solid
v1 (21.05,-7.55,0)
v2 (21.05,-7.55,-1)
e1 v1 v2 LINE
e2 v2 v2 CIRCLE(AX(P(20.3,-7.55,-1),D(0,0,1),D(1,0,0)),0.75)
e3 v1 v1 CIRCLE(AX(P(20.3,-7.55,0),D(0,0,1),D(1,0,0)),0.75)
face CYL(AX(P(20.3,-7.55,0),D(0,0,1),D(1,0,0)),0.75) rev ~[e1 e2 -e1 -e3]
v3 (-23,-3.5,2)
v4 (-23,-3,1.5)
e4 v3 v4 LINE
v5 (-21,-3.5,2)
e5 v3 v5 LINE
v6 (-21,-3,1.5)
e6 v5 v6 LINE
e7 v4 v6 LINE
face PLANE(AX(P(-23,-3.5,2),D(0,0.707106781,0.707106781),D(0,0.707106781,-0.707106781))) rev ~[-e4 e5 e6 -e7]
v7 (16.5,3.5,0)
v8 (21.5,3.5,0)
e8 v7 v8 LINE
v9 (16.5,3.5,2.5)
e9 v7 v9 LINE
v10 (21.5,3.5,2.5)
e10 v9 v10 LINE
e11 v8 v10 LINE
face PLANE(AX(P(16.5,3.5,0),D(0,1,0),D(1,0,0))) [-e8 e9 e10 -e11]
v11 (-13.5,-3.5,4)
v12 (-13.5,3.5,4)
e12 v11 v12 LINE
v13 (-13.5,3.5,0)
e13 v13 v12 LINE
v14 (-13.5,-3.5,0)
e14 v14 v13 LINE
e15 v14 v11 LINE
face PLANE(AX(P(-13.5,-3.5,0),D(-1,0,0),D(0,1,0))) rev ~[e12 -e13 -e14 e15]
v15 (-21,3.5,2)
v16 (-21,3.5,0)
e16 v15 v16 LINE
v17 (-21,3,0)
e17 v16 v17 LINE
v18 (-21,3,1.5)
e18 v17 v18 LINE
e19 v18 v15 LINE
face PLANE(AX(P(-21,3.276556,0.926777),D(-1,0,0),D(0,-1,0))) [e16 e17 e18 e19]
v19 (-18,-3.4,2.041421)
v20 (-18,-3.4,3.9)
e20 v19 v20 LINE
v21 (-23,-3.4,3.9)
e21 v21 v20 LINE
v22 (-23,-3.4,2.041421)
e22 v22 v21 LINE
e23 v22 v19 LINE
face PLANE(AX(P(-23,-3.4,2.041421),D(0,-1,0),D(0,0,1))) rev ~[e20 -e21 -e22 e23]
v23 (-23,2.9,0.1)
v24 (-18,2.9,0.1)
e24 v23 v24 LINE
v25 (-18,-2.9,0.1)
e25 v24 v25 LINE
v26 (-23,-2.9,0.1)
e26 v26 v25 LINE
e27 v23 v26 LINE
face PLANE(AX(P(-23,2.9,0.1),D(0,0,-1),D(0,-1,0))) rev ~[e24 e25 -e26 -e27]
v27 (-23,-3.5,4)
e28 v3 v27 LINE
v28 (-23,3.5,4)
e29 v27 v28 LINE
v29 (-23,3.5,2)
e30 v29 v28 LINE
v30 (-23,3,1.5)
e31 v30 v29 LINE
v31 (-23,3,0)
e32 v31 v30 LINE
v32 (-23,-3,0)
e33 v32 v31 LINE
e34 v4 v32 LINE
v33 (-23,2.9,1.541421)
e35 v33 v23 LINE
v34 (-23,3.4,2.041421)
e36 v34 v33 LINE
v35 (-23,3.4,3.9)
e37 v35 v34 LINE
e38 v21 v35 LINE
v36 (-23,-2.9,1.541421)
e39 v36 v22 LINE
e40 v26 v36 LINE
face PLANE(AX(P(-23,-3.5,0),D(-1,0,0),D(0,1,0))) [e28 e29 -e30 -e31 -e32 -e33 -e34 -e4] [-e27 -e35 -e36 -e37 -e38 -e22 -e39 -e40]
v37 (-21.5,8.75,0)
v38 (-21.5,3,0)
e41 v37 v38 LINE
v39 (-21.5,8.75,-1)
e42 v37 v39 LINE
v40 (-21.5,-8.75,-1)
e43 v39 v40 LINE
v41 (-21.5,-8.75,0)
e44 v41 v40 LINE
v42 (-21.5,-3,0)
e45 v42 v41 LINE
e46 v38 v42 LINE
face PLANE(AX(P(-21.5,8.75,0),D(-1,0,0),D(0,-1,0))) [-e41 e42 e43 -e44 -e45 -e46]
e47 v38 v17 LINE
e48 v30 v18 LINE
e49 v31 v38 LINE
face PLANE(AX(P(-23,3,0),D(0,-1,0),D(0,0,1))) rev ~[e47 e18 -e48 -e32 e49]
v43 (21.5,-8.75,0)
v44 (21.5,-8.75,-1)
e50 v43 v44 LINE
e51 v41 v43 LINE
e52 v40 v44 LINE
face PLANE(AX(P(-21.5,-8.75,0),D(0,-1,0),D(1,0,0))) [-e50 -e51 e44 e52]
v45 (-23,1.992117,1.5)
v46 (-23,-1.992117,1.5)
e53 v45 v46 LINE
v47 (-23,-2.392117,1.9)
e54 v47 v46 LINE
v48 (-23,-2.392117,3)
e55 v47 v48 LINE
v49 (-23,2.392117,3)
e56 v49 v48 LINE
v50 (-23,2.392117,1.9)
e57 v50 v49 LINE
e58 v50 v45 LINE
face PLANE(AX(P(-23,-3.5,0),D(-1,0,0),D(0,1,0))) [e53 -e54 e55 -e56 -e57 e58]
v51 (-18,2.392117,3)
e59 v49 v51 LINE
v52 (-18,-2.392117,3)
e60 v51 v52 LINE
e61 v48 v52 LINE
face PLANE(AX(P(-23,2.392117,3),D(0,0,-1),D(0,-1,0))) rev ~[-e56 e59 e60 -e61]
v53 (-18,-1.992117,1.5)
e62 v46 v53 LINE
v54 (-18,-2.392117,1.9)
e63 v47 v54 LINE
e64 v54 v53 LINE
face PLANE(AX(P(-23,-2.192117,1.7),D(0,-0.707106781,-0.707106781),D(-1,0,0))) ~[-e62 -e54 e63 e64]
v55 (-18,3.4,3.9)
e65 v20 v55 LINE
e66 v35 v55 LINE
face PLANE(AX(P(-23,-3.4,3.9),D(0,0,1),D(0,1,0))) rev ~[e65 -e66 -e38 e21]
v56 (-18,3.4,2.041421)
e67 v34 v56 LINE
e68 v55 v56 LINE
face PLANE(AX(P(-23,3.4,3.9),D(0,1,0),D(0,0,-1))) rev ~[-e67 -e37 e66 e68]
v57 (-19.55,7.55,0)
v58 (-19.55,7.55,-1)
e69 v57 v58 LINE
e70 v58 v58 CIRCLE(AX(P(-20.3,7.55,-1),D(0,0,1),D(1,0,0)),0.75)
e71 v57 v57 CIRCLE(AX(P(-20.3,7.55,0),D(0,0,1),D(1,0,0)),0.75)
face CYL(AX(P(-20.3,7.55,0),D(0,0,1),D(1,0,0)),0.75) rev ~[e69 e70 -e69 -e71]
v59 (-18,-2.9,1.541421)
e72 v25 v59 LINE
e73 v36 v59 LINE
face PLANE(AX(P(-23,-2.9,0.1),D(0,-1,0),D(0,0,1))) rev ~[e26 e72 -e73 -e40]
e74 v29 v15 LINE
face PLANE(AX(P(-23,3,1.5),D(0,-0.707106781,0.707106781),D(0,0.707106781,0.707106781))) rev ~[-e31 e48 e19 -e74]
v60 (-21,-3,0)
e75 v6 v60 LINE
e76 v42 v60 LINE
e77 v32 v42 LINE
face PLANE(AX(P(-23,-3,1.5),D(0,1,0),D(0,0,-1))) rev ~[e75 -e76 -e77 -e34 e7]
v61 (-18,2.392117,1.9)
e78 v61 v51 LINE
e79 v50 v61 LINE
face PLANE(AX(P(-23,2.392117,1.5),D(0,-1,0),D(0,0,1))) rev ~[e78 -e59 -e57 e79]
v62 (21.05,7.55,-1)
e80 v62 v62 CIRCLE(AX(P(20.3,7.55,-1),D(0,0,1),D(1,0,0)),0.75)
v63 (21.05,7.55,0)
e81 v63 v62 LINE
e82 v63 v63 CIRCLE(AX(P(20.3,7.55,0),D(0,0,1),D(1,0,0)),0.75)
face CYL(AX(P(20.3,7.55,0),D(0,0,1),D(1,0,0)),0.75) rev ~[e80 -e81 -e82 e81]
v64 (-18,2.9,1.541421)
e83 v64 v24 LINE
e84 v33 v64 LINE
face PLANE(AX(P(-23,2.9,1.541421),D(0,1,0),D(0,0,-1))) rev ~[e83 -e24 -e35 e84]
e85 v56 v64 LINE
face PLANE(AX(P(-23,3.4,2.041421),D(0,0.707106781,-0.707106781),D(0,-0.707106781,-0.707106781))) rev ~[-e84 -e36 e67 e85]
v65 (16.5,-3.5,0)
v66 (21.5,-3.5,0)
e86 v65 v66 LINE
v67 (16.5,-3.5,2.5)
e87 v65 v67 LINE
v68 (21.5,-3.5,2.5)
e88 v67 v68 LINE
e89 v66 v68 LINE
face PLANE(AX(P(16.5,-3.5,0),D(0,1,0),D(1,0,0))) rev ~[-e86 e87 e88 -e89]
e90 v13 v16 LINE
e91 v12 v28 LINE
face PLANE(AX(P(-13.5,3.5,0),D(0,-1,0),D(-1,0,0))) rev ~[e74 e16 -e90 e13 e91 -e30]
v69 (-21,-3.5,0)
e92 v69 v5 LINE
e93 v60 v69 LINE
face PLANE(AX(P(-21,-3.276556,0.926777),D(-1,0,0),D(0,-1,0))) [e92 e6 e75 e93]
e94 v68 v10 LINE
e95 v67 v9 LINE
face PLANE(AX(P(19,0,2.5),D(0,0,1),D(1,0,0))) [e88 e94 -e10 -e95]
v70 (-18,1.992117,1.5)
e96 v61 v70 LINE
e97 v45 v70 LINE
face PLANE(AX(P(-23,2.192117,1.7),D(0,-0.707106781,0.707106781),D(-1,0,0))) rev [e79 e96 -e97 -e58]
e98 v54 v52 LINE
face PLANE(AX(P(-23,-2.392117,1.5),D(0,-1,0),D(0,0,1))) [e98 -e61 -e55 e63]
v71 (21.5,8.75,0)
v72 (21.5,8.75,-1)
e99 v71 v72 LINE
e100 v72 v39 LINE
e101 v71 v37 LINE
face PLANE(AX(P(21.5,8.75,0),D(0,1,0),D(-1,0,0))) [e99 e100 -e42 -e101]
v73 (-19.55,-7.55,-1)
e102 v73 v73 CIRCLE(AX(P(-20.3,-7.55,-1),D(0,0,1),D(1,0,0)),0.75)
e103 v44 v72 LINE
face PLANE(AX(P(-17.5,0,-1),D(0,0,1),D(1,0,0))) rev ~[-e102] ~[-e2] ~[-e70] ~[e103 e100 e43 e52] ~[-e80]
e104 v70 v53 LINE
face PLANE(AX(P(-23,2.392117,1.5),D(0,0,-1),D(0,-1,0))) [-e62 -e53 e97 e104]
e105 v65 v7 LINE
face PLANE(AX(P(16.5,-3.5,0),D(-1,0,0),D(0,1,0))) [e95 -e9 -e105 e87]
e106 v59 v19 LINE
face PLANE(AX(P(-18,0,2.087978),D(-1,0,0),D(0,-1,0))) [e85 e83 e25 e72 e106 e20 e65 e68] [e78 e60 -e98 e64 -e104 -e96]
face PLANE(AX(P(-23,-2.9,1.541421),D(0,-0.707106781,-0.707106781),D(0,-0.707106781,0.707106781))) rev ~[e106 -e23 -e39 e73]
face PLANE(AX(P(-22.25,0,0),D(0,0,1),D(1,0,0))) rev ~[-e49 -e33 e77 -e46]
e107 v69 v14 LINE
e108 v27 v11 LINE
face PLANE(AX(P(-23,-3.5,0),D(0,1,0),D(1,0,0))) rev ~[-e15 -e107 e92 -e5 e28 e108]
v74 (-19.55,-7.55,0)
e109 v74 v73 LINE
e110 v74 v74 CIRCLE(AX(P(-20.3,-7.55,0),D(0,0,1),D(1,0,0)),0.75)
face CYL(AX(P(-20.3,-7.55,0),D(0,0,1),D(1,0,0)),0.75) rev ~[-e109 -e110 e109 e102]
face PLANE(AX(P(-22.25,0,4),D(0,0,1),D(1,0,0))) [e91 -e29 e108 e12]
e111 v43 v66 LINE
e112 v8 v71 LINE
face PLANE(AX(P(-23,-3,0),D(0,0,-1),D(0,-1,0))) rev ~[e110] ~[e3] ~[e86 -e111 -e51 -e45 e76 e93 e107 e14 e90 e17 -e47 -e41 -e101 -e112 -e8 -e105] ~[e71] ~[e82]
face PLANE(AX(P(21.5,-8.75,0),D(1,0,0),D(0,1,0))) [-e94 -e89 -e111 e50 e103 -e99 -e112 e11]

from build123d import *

# Parameters (mm, degrees)
F0_W     = 8
F0_H     = 7
F0_R     = 0.75
F0_W_2   = 5
F1_DEPTH = 1
F0_W_3   = 1.5
F2_DEPTH = 4
F3_DEPTH = 2.5
F4_W     = 4.784234
F4_H     = 1.5
F5_DEPTH = 5
F6_DEPTH = 2
F7_SIZE  = 0.4


with BuildPart() as f1:
    # F0 (on Top) → F1 (new body)
    with BuildSketch(Plane.XY):
        with Locations((-17.5, 0)):
            Rectangle(F0_W, F0_H)
        Polygon((21.5, 3.5), (21.5, 8.75), (-21.5, 8.75), (-21.5, 3.5), (-13.5, 3.5), (-13.5, -3.5), (-21.5, -3.5), (-21.5, -8.75), (21.5, -8.75), (21.5, -3.5), (16.5, -3.5), (16.5, 3.5), align=None)
        with Locations((-20.3, -7.55)):
            Circle(F0_R, mode=Mode.SUBTRACT)
        with Locations((20.3, -7.55)):
            Circle(F0_R, mode=Mode.SUBTRACT)
        with Locations((-20.3, 7.55)):
            Circle(F0_R, mode=Mode.SUBTRACT)
        with Locations((20.3, 7.55)):
            Circle(F0_R, mode=Mode.SUBTRACT)
        with Locations((19, 0)):
            Rectangle(F0_W_2, F0_H)
    extrude(amount=-F1_DEPTH)

    # F0 (on Top) → F2 (join)
    with BuildSketch(Plane.XY):
        with Locations((-22.25, 0)):
            Rectangle(F0_W_3, F0_H)
        with Locations((-17.5, 0)):
            Rectangle(F0_W, F0_H)
    extrude(amount=F2_DEPTH)

    # F0 (on Top) → F3 (join)
    with BuildSketch(Plane.XY):
        with Locations((19, 0)):
            Rectangle(F0_W_2, F0_H)
    extrude(amount=F3_DEPTH)

    # F4 (on face) → F5 (cut)
    with BuildSketch(Plane(origin=(-23, 0, 0), x_dir=(0, -1, 0), z_dir=(-1, 0, 0))):
        Polygon((3.4, 3.9), (-3.4, 3.9), (-3.4, 2.041421), (-2.9, 1.541421), (-2.9, 0.1), (2.9, 0.1), (2.9, 1.541421), (3.4, 2.041421), align=None)
        with Locations((0, 2.25)):
            Rectangle(F4_W, F4_H, mode=Mode.SUBTRACT)
    extrude(amount=-F5_DEPTH, mode=Mode.SUBTRACT)

    # F4 (on face) → F6 (cut)
    with BuildSketch(Plane(origin=(-23, 0, 0), x_dir=(0, -1, 0), z_dir=(-1, 0, 0))):
        Polygon((-3, 1.5), (-3.5, 2), (-3.5, 0), (-3, 0), align=None)
        Polygon((3, 1.5), (3, 0), (3.5, 0), (3.5, 2), align=None)
    extrude(amount=-F6_DEPTH, mode=Mode.SUBTRACT)

    # F7
    f7_edges = [f1.edges().sort_by_distance(p)[0] for p in [
        (-20.5, -2.392117, 1.5),
        (-20.5, 2.392117, 1.5),
    ]]
    chamfer(f7_edges, length=F7_SIZE)


solid = f1.part
